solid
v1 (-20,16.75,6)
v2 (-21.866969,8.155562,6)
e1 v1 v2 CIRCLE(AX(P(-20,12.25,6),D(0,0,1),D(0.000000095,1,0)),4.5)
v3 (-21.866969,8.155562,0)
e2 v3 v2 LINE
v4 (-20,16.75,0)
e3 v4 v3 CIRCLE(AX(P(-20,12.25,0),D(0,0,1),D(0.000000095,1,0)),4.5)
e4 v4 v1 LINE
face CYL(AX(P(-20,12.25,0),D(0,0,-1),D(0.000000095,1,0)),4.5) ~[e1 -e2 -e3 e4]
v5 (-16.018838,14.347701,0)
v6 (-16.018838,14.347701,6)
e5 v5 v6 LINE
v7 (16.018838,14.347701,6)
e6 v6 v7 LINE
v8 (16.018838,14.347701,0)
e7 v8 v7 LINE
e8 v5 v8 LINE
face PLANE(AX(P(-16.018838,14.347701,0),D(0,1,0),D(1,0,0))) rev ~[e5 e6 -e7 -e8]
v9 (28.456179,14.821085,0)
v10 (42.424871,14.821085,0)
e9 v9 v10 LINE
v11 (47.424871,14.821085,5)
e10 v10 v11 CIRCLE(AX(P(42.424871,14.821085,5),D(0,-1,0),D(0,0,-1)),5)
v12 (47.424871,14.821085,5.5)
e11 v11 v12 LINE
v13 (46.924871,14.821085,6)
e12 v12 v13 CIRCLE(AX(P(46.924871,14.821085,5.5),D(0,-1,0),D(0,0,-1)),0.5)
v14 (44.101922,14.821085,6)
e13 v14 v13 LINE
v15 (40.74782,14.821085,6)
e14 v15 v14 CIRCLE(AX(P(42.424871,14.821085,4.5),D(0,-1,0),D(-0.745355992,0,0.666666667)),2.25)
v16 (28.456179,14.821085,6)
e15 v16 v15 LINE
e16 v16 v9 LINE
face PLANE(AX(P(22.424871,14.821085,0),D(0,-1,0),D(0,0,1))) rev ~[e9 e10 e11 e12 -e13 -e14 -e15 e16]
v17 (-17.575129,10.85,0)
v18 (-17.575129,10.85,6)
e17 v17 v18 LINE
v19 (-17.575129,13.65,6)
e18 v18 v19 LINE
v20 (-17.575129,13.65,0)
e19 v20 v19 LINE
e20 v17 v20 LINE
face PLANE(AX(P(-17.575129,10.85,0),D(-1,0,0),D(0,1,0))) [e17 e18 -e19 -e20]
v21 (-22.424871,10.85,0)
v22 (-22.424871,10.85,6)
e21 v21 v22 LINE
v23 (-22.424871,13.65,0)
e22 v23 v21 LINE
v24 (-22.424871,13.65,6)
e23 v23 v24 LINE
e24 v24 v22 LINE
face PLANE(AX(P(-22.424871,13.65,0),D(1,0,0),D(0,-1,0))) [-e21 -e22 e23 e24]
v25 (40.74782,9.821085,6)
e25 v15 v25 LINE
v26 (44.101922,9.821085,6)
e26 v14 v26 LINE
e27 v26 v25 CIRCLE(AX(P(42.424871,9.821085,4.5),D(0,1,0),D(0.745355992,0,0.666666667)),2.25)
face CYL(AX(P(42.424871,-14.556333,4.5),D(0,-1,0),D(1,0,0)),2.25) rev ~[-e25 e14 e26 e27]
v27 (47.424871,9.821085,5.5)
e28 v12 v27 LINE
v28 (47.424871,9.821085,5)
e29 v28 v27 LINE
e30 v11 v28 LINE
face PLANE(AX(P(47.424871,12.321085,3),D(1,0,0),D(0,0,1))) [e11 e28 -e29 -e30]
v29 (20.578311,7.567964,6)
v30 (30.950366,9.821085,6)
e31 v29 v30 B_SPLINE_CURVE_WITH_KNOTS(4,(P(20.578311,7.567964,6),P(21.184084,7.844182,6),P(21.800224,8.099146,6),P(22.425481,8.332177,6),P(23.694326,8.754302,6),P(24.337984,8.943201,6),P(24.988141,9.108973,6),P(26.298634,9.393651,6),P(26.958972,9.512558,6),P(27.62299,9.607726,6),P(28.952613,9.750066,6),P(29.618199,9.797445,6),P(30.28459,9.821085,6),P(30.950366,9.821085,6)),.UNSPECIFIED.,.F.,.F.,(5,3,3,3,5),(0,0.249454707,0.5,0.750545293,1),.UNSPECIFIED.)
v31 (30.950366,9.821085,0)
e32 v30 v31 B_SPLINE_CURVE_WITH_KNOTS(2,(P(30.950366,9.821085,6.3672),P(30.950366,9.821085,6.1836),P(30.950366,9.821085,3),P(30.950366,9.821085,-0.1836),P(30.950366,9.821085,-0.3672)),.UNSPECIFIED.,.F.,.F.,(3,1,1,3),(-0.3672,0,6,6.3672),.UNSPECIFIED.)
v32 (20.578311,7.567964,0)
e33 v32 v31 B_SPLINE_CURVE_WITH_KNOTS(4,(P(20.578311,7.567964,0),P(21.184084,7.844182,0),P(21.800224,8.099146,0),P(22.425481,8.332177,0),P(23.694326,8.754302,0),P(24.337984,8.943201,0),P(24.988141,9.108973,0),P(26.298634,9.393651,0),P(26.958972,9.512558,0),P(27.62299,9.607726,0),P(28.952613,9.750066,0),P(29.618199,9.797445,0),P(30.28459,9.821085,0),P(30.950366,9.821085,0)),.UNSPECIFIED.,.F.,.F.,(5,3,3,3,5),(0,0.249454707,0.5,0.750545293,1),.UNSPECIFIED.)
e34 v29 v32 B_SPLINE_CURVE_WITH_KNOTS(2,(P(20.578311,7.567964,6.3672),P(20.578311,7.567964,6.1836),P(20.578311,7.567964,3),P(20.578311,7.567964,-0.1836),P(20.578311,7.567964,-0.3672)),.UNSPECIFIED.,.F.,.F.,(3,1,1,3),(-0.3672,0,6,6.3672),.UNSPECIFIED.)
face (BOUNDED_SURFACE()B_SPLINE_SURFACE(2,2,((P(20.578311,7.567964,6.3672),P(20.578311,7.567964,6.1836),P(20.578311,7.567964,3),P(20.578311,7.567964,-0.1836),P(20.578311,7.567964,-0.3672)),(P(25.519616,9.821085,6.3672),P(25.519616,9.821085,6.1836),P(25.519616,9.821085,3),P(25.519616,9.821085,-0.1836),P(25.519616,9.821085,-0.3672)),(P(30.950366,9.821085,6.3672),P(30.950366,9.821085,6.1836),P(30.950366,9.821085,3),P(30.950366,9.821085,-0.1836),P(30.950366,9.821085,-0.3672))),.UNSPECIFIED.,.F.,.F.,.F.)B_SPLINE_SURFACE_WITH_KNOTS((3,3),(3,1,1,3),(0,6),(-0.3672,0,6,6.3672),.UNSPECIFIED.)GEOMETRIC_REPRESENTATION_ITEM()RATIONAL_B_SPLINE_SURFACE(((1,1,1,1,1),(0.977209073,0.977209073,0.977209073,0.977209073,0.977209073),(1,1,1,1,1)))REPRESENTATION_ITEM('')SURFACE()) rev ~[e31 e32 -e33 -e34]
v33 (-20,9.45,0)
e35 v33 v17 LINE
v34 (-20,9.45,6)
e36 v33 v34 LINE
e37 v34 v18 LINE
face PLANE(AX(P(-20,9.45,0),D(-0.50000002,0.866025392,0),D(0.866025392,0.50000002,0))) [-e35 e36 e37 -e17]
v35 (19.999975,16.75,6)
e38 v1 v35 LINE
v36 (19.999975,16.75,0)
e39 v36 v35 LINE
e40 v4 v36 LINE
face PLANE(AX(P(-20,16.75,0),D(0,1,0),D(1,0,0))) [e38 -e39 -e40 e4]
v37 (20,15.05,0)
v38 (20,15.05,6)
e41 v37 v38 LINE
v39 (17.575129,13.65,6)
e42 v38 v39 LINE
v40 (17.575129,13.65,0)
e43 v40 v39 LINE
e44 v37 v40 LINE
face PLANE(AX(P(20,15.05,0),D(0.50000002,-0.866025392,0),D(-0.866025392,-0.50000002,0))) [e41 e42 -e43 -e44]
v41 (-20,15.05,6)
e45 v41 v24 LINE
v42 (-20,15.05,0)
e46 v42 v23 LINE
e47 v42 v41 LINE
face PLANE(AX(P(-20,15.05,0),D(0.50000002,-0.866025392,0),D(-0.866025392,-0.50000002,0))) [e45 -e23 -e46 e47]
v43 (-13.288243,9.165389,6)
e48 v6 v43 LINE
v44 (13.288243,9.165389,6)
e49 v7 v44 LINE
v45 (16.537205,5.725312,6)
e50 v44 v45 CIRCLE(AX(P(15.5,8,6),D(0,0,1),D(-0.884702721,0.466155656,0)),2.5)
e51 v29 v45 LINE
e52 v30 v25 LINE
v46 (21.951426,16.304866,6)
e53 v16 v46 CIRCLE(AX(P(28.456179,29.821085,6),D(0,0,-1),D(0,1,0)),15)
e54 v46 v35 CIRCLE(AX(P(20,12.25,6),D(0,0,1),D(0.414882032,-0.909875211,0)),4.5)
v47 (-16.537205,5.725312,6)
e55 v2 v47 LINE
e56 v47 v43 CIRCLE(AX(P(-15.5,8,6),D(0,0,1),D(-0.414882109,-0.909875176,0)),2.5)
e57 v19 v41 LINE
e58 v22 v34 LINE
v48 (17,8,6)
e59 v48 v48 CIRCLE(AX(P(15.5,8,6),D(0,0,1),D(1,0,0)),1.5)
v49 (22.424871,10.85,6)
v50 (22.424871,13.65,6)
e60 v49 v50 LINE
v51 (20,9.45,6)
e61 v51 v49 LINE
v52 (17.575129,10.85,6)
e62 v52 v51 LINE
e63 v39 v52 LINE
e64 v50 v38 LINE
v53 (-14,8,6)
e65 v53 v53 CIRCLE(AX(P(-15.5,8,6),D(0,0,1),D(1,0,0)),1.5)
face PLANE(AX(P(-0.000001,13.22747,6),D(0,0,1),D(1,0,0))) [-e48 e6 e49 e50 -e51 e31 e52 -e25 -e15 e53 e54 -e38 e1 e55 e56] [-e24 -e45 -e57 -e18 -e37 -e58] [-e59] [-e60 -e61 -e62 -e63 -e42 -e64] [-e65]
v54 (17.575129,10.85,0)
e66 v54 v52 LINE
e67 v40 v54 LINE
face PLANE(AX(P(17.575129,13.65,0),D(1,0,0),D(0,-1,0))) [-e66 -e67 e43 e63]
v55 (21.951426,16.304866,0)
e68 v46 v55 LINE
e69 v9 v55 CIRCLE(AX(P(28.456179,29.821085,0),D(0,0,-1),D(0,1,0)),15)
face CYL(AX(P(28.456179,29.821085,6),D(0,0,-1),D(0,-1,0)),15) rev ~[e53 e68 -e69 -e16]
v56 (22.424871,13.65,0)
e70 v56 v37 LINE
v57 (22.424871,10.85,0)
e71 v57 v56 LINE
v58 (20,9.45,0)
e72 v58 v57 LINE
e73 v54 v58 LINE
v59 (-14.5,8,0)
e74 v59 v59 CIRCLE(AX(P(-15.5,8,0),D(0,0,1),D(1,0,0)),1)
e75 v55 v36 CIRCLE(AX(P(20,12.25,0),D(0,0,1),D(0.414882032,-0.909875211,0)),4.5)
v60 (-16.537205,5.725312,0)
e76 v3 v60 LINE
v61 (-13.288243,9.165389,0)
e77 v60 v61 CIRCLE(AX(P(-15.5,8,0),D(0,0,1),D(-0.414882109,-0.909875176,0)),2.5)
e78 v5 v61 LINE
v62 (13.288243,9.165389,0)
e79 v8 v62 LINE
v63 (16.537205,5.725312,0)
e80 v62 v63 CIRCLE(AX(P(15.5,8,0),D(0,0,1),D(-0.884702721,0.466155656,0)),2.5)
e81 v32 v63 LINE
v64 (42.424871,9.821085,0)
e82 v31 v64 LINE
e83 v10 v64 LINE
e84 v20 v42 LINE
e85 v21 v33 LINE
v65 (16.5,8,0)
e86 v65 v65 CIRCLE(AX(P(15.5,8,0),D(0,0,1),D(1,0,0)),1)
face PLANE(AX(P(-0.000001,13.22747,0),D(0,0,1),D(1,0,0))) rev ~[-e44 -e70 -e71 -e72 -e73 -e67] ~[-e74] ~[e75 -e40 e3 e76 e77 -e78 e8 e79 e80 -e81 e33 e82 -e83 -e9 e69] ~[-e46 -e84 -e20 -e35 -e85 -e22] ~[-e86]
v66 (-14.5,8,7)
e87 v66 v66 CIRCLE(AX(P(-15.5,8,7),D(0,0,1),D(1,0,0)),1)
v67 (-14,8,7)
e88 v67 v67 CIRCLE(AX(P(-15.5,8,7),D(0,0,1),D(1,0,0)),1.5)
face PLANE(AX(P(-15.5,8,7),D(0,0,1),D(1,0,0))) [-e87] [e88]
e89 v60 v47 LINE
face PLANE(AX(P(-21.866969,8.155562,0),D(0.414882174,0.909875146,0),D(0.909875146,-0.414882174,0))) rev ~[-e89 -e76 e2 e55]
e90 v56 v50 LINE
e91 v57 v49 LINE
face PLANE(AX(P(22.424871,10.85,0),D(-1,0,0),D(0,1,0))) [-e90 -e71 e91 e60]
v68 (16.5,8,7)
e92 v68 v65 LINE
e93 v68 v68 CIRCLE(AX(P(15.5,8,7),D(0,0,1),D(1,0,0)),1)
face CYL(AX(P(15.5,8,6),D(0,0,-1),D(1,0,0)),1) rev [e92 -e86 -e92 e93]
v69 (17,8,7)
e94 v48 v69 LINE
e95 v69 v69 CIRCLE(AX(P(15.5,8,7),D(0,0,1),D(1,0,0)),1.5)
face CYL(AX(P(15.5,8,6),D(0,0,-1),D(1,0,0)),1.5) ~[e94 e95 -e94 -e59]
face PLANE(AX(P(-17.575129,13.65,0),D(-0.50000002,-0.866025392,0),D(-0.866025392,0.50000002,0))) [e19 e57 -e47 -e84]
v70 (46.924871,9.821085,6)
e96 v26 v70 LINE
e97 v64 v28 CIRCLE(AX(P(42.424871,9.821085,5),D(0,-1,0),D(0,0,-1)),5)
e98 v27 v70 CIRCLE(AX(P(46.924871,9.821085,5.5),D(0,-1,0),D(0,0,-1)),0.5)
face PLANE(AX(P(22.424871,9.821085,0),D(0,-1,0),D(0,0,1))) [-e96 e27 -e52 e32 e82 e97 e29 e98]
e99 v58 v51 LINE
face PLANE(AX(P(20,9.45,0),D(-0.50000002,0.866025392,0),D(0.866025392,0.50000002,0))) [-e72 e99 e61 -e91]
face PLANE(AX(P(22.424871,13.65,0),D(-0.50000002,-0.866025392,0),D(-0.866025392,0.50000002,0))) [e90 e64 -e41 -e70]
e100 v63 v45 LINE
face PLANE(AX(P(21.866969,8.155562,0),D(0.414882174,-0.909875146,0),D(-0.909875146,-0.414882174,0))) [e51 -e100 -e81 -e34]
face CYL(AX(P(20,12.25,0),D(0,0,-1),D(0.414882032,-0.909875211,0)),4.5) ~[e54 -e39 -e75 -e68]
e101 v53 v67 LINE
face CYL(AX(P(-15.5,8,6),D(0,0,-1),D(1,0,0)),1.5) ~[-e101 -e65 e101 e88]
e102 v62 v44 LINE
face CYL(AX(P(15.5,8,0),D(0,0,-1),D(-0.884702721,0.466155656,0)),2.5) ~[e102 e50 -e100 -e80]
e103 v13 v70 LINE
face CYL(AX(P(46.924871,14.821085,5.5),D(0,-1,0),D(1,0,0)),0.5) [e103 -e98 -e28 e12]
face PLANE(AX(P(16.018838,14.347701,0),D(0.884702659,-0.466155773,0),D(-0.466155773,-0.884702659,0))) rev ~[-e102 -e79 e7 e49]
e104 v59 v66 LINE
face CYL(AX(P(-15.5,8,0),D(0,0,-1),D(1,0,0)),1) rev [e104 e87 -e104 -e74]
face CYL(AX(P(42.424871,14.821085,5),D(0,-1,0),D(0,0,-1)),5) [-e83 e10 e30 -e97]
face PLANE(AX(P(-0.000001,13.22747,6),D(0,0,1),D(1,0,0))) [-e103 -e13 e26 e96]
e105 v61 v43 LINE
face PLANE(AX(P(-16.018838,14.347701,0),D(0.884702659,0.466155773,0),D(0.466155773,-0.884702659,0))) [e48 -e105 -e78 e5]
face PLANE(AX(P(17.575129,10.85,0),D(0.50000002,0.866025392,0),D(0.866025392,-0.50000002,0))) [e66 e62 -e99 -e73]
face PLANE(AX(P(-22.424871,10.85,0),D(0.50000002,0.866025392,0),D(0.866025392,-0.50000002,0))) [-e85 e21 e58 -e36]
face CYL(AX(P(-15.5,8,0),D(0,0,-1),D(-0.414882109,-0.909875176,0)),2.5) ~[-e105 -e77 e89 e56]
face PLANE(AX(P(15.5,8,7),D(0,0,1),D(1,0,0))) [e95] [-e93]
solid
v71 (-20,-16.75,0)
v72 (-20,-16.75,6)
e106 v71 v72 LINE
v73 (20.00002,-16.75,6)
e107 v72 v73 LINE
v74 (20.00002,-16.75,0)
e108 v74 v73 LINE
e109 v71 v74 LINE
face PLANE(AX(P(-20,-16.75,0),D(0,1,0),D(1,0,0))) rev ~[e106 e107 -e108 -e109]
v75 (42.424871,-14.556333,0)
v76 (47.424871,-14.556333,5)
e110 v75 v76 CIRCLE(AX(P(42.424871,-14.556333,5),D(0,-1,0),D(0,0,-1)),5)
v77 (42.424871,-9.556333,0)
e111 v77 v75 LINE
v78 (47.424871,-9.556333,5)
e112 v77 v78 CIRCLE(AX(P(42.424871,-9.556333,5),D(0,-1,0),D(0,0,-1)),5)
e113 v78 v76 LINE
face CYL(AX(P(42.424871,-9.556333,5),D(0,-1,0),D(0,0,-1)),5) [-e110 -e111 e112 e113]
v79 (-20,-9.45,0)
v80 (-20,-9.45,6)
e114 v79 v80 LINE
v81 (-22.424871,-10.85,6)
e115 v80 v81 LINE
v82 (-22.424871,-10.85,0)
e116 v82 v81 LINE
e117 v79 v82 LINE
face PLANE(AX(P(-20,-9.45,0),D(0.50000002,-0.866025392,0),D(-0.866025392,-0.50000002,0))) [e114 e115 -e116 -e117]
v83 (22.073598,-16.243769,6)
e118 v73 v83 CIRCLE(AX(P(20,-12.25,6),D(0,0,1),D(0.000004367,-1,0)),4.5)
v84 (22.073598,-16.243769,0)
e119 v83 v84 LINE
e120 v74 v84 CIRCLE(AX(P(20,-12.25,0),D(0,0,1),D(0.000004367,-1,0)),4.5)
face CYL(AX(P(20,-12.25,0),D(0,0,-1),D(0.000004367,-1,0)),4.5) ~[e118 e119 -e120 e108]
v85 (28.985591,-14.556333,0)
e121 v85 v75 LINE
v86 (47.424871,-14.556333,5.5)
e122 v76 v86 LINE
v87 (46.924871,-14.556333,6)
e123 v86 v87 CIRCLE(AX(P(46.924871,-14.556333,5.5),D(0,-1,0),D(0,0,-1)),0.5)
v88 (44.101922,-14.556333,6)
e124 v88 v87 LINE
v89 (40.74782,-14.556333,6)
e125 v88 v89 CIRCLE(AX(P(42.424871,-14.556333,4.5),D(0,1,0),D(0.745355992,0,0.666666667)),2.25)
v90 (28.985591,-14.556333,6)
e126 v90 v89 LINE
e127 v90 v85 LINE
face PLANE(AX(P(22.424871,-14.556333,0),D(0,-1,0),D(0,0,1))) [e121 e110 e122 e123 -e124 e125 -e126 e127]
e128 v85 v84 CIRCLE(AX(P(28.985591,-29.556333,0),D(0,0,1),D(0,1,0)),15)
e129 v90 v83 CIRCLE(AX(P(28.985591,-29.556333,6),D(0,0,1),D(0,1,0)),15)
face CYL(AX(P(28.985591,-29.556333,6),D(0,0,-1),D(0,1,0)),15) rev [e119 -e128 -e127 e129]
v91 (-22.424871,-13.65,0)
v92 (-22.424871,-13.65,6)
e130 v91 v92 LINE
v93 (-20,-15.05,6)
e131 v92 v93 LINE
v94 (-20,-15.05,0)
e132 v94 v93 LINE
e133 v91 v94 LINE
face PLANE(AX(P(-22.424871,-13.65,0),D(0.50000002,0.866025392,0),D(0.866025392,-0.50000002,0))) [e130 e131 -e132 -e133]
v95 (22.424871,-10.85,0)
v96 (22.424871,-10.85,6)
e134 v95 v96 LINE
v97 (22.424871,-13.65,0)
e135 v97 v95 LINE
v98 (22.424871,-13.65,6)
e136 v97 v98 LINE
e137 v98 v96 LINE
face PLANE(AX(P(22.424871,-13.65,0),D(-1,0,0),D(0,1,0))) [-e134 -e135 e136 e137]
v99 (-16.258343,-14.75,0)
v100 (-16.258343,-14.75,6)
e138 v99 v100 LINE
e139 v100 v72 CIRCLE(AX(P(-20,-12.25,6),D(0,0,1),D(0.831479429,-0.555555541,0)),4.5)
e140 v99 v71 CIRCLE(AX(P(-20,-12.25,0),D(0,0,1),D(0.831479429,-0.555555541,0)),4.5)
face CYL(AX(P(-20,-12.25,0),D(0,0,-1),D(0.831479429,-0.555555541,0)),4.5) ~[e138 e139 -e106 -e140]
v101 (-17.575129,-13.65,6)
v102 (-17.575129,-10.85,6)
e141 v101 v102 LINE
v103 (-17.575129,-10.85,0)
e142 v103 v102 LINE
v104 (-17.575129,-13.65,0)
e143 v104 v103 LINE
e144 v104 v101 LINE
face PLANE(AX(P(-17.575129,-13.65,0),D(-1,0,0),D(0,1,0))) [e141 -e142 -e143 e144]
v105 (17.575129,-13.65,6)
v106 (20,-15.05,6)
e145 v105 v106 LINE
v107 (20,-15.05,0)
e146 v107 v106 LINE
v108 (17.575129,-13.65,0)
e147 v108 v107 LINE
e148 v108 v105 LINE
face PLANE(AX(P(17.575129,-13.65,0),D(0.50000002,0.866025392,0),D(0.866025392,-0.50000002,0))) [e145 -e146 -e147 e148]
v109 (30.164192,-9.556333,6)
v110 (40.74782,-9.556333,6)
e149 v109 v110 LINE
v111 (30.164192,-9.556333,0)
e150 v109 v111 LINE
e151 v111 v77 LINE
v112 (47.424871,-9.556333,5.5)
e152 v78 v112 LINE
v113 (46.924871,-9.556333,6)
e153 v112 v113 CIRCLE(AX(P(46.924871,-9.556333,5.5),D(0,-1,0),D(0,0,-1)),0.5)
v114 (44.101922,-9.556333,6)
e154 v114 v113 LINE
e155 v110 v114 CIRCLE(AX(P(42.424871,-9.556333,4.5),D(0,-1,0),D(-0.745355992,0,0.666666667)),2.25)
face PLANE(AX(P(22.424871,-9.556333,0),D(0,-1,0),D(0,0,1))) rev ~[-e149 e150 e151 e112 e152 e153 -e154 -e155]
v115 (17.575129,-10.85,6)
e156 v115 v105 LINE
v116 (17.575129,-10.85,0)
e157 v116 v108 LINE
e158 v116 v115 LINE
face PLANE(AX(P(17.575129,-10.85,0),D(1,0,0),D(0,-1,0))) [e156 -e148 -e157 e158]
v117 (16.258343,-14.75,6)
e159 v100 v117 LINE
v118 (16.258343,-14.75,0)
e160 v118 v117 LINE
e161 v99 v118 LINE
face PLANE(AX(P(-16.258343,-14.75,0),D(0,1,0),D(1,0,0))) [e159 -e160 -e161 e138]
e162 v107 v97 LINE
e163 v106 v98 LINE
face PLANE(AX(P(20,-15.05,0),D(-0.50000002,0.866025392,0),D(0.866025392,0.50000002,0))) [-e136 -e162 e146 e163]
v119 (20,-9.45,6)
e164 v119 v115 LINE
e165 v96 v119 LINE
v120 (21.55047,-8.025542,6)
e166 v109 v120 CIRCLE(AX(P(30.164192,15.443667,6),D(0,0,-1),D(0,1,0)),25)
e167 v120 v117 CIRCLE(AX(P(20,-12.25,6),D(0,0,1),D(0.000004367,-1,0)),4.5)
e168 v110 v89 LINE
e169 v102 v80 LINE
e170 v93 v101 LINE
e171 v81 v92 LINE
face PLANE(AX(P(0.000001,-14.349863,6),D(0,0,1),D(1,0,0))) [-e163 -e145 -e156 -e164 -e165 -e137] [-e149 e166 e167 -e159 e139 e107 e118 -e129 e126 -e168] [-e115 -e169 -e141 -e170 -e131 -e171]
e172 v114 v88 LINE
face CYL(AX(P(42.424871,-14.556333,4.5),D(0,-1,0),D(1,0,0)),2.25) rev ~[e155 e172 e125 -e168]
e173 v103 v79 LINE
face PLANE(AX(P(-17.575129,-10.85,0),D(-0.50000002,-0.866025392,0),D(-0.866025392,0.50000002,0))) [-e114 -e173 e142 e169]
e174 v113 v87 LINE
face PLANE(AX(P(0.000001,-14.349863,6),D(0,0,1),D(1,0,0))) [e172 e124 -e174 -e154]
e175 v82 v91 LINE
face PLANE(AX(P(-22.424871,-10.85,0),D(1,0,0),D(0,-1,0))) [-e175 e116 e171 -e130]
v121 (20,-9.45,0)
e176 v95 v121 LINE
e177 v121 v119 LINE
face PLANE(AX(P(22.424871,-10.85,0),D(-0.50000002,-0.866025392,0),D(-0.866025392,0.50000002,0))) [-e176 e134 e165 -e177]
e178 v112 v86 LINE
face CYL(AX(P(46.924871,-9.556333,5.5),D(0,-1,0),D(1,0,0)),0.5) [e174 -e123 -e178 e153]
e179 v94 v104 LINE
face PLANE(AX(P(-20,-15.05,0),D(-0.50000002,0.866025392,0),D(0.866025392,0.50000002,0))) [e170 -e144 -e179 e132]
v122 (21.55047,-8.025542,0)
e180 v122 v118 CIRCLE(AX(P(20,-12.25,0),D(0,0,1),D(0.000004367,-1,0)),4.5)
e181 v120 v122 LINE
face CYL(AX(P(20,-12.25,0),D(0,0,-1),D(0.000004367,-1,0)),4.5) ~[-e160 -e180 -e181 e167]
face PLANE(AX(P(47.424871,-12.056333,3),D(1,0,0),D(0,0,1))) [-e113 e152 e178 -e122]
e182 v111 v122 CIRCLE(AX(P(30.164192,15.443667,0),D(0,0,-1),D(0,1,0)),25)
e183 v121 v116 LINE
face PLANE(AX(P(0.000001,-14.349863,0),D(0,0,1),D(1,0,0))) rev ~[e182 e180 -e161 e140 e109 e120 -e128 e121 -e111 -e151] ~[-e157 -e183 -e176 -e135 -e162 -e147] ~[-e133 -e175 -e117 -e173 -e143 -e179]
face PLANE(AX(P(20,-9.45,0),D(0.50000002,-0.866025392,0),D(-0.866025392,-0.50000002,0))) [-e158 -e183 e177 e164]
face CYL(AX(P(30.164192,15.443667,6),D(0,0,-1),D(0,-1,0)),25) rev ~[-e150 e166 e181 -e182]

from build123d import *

# Parameters (mm, degrees)
SKETCH005_R     = 1
PAD002_DEPTH    = 6
SKETCH006_W     = 6
SKETCH006_H     = 5
PAD003_DEPTH    = 25
SKETCH007_R     = 2.25
POCKET001_DEPTH = 29.377419
FILLET001_R     = 5
FILLET002_R     = 0.5
SKETCH008_R     = 1.5
SKETCH008_R_2   = 1
PAD004_DEPTH    = 1
FILLET003_R     = 25
FILLET004_R     = 15


with BuildPart() as part:
    # Sketch005 → Pad002 (new body)
    with BuildSketch(Plane.XY):
        with BuildLine():
            ThreePointArc((-20, 16.75), (-24.397441, 13.205256), (-21.866969, 8.155562))
            Line((-21.866969, 8.155562), (-16.537205, 5.725312))
            ThreePointArc((-16.537205, 5.725312), (-13.682467, 6.283441), (-13.288243, 9.165389))
            Line((-16.018838, 14.347701), (-13.288243, 9.165389))
            Line((-16.018838, 14.347701), (16.018838, 14.347701))
            Line((16.018838, 14.347701), (13.288243, 9.165389))
            ThreePointArc((13.288243, 9.165389), (13.682467, 6.283441), (16.537205, 5.725312))
            Line((21.866969, 8.155562), (16.537205, 5.725312))
            ThreePointArc((21.866969, 8.155562), (24.397438, 13.205268), (19.999975, 16.75))
            Line((-20, 16.75), (19.999975, 16.75))
        make_face()
        with Locations((-15.5, 8)):
            Circle(SKETCH005_R, mode=Mode.SUBTRACT)
        with Locations((15.5, 8)):
            Circle(SKETCH005_R, mode=Mode.SUBTRACT)
        Polygon((-17.575129, 13.65), (-20, 15.05), (-22.424871, 13.65), (-22.424871, 10.85), (-20, 9.45), (-17.575129, 10.85), align=None, mode=Mode.SUBTRACT)
        Polygon((22.424871, 13.65), (20, 15.05), (17.575129, 13.65), (17.575129, 10.85), (20, 9.45), (22.424871, 10.85), align=None, mode=Mode.SUBTRACT)
        with BuildLine():
            ThreePointArc((-16.258343, -14.75), (-22.12132, -8.281373), (-20, -16.75))
            Line((-20, -16.75), (20.00002, -16.75))
            ThreePointArc((20.00002, -16.75), (22.121311, -8.281368), (16.258343, -14.75))
            Line((-16.258343, -14.75), (16.258343, -14.75))
        make_face()
        Polygon((-17.575129, -10.85), (-20, -9.45), (-22.424871, -10.85), (-22.424871, -13.65), (-20, -15.05), (-17.575129, -13.65), align=None, mode=Mode.SUBTRACT)
        Polygon((22.424871, -10.85), (20, -9.45), (17.575129, -10.85), (17.575129, -13.65), (20, -15.05), (22.424871, -13.65), align=None, mode=Mode.SUBTRACT)
    extrude(amount=PAD002_DEPTH)

    # Sketch006 (on Vertex58 of Pad002) → Pad003 (join)
    with BuildSketch(Plane(origin=(22.424871, 0, 3), x_dir=(0, 0, 1), z_dir=(1, 0, 0))):
        with Locations((0, -12.321085)):
            Rectangle(SKETCH006_W, SKETCH006_H)
        with Locations((0, 12.056333)):
            Rectangle(SKETCH006_W, SKETCH006_H)
    extrude(amount=PAD003_DEPTH)

    # Sketch007 (on Face37 of Pad003) → Pocket001 (cut)
    with BuildSketch(Plane.XZ.offset(14.556333)):
        with Locations((42.424871, 4.5)):
            Circle(SKETCH007_R)
    extrude(amount=-POCKET001_DEPTH, mode=Mode.SUBTRACT)

    # Fillet001
    fillet001_edges = [part.edges().sort_by_distance(p)[0] for p in [
        (47.424871, -12.056333, 0),
        (47.424871, 12.321085, 0),
    ]]
    fillet(fillet001_edges, radius=FILLET001_R)

    # Fillet002
    fillet002_edges = [part.edges().sort_by_distance(p)[0] for p in [
        (47.424871, -12.056333, 6),
        (47.424871, 12.321085, 6),
    ]]
    fillet(fillet002_edges, radius=FILLET002_R)

    # Sketch008 → Pad004 (join)
    with BuildSketch(Plane.XY.offset(6)):
        with Locations((15.5, 8)):
            Circle(SKETCH008_R)
        with Locations((15.5, 8)):
            Circle(SKETCH008_R_2, mode=Mode.SUBTRACT)
        with Locations((-15.5, 8)):
            Circle(SKETCH008_R)
        with Locations((-15.5, 8)):
            Circle(SKETCH008_R_2, mode=Mode.SUBTRACT)
    extrude(amount=PAD004_DEPTH)

    # Fillet003
    fillet003_edges = [part.edges().sort_by_distance(p)[0] for p in [
        (23.604741, -9.556333, 3),
        (23.788189, 9.821085, 3),
    ]]
    fillet(fillet003_edges, radius=FILLET003_R)

    # Fillet004
    fillet004_edges = [part.edges().sort_by_distance(p)[0] for p in [
        (23.864043, -14.556333, 3),
        (23.693172, 14.821085, 3),
    ]]
    fillet(fillet004_edges, radius=FILLET004_R)


solid = part.part
